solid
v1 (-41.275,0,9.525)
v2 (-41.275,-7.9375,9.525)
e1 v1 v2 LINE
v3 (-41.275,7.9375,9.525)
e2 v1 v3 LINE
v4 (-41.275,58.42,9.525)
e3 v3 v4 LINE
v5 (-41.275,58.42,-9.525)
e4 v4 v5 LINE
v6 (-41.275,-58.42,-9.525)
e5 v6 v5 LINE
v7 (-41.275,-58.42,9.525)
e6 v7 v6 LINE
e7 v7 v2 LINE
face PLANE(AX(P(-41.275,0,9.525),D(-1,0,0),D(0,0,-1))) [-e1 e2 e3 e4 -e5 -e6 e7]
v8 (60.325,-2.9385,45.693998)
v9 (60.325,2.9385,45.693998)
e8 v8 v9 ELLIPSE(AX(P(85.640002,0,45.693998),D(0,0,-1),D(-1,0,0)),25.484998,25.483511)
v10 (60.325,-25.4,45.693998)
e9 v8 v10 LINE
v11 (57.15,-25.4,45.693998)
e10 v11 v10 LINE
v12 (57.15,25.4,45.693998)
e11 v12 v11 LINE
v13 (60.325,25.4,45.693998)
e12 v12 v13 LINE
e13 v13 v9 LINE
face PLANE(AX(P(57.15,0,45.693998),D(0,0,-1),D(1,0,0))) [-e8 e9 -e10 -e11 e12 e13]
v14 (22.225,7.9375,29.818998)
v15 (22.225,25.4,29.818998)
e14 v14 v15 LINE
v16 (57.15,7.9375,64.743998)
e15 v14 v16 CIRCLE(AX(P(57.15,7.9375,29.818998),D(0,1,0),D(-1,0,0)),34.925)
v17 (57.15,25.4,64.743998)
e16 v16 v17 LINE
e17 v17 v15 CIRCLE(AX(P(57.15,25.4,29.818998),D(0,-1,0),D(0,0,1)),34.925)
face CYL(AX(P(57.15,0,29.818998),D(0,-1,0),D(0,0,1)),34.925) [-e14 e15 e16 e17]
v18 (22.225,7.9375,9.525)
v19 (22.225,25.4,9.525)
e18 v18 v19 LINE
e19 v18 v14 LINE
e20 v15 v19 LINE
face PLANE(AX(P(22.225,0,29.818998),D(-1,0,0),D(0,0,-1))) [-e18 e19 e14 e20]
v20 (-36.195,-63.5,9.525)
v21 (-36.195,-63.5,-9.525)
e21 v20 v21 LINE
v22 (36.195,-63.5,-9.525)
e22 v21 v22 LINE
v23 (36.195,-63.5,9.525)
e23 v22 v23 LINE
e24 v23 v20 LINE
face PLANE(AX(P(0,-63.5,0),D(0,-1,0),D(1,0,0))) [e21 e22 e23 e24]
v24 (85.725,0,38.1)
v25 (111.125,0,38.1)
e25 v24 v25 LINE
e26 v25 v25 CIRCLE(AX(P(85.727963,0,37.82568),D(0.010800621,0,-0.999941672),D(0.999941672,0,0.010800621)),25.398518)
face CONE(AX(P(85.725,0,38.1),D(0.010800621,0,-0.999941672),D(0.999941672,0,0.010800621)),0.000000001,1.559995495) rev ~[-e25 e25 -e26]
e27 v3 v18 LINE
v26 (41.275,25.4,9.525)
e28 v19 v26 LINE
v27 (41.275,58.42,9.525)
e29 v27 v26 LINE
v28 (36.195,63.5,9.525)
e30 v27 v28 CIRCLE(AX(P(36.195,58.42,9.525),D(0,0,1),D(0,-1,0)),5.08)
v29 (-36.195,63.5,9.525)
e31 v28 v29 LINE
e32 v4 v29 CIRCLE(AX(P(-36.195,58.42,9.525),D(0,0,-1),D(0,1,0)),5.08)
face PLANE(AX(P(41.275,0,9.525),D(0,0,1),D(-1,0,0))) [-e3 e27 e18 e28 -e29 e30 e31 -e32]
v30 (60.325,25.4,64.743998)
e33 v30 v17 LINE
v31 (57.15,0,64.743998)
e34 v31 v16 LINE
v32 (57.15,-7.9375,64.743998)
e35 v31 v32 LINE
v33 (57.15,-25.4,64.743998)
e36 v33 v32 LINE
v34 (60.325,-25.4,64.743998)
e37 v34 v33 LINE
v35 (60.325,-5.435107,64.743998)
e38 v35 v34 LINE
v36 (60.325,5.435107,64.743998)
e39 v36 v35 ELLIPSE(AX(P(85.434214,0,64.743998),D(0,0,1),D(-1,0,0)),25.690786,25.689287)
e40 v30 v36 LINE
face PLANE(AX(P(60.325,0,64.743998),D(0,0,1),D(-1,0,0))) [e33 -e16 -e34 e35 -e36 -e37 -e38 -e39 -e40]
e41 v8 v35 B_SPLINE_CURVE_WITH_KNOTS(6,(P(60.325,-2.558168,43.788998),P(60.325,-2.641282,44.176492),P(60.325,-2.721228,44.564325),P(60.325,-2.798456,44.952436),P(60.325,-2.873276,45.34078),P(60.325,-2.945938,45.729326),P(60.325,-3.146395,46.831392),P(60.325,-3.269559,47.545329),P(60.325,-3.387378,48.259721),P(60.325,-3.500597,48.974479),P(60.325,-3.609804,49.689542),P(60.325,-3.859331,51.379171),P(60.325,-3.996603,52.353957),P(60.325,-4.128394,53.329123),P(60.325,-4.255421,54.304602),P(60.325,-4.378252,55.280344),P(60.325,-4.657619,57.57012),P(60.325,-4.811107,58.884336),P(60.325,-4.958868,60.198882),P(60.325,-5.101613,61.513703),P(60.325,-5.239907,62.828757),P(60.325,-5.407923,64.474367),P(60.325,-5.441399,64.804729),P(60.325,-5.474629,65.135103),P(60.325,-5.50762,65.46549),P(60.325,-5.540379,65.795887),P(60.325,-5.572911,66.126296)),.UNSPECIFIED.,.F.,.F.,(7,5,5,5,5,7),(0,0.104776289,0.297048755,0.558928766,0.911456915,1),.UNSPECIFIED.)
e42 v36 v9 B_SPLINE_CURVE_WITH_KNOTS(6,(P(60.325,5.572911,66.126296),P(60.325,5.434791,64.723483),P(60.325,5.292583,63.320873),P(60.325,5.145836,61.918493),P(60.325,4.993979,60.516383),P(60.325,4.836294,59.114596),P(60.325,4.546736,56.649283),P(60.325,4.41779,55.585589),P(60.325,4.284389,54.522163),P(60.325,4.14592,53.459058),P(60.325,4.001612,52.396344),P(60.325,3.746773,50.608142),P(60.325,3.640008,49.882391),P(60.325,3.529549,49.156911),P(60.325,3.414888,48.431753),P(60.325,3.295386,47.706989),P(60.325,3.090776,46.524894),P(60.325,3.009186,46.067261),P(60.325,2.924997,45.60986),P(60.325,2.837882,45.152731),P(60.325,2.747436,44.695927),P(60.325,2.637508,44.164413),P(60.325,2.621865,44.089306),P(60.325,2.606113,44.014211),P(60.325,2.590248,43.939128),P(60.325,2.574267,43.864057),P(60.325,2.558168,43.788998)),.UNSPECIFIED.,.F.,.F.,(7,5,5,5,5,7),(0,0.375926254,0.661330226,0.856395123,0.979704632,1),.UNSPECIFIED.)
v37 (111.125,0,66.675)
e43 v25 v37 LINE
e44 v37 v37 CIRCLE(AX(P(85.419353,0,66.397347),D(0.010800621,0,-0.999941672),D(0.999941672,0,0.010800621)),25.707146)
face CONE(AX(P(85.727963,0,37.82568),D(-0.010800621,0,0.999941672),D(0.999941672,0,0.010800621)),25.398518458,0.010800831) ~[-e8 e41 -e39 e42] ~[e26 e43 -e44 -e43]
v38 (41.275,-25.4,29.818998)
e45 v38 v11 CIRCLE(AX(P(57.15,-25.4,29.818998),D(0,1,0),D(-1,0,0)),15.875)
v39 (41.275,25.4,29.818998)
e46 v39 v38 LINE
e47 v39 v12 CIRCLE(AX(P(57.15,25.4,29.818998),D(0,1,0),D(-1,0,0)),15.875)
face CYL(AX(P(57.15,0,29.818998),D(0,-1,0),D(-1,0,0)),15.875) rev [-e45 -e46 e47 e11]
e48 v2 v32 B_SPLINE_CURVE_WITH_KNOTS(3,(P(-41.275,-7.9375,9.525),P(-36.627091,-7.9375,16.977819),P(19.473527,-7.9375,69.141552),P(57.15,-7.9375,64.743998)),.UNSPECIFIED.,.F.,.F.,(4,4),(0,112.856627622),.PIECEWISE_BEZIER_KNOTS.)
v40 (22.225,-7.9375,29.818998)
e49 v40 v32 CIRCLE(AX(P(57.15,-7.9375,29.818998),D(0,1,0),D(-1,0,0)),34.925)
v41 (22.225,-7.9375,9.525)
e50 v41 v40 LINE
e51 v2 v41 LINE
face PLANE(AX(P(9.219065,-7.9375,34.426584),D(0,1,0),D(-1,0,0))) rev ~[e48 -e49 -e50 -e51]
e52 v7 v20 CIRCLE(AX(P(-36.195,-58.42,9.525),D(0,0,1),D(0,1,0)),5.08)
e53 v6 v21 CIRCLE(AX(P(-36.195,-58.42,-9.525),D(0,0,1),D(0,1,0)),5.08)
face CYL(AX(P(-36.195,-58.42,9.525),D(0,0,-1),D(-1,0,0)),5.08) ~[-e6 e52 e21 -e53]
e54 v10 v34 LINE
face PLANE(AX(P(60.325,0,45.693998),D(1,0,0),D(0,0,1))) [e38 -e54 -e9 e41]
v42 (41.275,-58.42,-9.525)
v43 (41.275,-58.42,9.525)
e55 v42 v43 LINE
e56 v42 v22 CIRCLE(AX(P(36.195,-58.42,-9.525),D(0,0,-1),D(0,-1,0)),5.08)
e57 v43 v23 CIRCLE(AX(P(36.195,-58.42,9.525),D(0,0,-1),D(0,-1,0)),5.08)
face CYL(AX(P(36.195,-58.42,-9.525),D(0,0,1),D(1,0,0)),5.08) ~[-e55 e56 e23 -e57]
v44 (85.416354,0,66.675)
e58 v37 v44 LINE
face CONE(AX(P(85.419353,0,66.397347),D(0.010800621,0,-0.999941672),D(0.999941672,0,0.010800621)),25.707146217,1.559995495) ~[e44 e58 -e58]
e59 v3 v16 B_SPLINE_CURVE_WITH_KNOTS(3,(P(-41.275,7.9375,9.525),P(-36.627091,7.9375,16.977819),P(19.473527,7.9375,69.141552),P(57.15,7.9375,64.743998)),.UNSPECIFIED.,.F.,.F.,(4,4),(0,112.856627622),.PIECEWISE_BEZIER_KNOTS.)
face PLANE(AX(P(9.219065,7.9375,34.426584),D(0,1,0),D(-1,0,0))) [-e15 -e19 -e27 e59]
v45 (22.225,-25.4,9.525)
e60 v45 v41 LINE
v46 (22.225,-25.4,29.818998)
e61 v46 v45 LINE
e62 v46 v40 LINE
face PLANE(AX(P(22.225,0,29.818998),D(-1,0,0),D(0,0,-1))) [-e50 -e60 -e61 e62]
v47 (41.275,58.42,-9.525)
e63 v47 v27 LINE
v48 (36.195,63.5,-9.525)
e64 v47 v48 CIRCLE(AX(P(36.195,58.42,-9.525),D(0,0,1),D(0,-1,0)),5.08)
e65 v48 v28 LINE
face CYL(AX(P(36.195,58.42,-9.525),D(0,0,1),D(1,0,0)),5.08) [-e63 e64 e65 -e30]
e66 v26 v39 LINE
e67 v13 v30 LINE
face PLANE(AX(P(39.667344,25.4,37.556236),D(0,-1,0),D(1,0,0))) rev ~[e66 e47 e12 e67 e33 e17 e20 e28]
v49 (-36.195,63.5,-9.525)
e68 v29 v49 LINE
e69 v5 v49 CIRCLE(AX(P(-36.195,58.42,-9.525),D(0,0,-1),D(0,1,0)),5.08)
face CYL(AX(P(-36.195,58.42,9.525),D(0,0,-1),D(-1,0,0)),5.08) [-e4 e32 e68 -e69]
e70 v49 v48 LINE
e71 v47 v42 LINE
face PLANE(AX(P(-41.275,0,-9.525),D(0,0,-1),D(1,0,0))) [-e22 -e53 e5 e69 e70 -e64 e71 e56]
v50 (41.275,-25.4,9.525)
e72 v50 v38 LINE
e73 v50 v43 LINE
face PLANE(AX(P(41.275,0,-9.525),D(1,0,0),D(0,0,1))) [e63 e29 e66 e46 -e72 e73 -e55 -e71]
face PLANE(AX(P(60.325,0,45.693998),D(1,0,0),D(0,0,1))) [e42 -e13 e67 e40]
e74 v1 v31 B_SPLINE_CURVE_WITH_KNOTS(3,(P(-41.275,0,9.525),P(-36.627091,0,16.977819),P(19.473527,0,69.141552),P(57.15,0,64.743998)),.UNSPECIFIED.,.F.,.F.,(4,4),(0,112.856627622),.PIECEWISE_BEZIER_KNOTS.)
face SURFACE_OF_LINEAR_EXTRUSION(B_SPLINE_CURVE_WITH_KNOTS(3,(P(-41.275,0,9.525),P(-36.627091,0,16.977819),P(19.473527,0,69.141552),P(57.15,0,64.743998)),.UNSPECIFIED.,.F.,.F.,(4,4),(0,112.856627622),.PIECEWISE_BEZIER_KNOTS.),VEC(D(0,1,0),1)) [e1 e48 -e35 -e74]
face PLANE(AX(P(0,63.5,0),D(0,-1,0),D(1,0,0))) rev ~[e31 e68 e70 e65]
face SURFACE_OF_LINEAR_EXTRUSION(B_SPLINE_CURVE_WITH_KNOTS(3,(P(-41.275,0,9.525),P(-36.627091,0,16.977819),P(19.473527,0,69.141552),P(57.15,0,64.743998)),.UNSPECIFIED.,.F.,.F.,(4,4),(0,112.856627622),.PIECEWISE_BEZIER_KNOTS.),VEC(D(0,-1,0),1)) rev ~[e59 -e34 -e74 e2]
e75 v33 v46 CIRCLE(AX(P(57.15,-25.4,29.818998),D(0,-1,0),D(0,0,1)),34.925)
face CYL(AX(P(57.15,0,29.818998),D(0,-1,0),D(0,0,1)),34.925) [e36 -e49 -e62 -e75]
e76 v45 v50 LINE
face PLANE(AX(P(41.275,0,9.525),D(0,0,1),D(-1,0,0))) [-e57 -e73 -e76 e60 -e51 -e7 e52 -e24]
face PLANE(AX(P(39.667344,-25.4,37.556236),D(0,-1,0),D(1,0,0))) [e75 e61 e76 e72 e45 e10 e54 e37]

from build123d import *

# Parameters (mm, degrees)
F1_DEPTH = 63.5
F2_DEPTH = 25.4
F3_DEPTH = 7.9375
F5_R     = 5.08


with BuildPart() as f1:
    # F0 (on Front) → F1 (new body, symmetric)
    with BuildSketch(Plane.XZ):
        Polygon((-41.275, -9.525), (41.275, -9.525), (41.275, 9.525), (22.225, 9.525), (-41.275, 9.525), align=None)
    extrude(amount=F1_DEPTH, both=True)

    # F0 (on Front) → F2 (join, symmetric)
    with BuildSketch(Plane.XZ):
        with BuildLine():
            Line((22.225, 9.525), (41.275, 9.525))
            Line((41.275, 9.525), (41.275, 29.8189983006))
            ThreePointArc((41.275, 29.8189983006), (45.9246798487, 41.0443184519), (57.15, 45.6939983006))
            Line((57.15, 45.6939983006), (60.325, 45.6939983006))
            Line((60.325, 45.6939983006), (60.325, 64.7439983006))
            Line((60.325, 64.7439983006), (57.15, 64.7439983006))
            ThreePointArc((57.15, 64.7439983006), (32.4542956671, 54.5147026335), (22.225, 29.8189983006))
            Line((22.225, 29.8189983006), (22.225, 9.525))
        make_face()
    extrude(amount=F2_DEPTH, both=True)

    # F0 (on Front) → F3 (join, symmetric)
    with BuildSketch(Plane.XZ):
        with BuildLine():
            add(Edge.make_bspline(
                [(-41.275, 9.525), (-36.6270914674, 16.9778186828), (19.4735266268, 69.1415518522), (57.15, 64.7439983006)],
                knots=[0, 0, 0, 0, 112.8566276225, 112.8566276225, 112.8566276225, 112.8566276225], degree=3))
            Line((-41.275, 9.525), (22.225, 9.525))
            Line((22.225, 9.525), (22.225, 29.8189983006))
            ThreePointArc((22.225, 29.8189983006), (32.4542956671, 54.5147026335), (57.15, 64.7439983006))
        make_face()
    extrude(amount=F3_DEPTH, both=True)

    # F0 (on Front) → F4 (revolve)
    with BuildSketch(Plane.XZ):
        Polygon((85.416354239, 66.675), (85.6429753146, 45.6939983006), (85.725, 38.1), (111.125, 38.1), (111.125, 66.675), align=None)
    revolve(axis=Axis((85.5706771195, 0, 52.3875), (0.0108006215, 0, -0.9999416716)))

    # F5
    f5_edges = [f1.edges().sort_by_distance(p)[0] for p in [
        (41.275, -63.5, 0),
        (-41.275, -63.5, 0),
        (-41.275, 63.5, 0),
        (41.275, 63.5, 0),
    ]]
    fillet(f5_edges, radius=F5_R)


solid = f1.part
